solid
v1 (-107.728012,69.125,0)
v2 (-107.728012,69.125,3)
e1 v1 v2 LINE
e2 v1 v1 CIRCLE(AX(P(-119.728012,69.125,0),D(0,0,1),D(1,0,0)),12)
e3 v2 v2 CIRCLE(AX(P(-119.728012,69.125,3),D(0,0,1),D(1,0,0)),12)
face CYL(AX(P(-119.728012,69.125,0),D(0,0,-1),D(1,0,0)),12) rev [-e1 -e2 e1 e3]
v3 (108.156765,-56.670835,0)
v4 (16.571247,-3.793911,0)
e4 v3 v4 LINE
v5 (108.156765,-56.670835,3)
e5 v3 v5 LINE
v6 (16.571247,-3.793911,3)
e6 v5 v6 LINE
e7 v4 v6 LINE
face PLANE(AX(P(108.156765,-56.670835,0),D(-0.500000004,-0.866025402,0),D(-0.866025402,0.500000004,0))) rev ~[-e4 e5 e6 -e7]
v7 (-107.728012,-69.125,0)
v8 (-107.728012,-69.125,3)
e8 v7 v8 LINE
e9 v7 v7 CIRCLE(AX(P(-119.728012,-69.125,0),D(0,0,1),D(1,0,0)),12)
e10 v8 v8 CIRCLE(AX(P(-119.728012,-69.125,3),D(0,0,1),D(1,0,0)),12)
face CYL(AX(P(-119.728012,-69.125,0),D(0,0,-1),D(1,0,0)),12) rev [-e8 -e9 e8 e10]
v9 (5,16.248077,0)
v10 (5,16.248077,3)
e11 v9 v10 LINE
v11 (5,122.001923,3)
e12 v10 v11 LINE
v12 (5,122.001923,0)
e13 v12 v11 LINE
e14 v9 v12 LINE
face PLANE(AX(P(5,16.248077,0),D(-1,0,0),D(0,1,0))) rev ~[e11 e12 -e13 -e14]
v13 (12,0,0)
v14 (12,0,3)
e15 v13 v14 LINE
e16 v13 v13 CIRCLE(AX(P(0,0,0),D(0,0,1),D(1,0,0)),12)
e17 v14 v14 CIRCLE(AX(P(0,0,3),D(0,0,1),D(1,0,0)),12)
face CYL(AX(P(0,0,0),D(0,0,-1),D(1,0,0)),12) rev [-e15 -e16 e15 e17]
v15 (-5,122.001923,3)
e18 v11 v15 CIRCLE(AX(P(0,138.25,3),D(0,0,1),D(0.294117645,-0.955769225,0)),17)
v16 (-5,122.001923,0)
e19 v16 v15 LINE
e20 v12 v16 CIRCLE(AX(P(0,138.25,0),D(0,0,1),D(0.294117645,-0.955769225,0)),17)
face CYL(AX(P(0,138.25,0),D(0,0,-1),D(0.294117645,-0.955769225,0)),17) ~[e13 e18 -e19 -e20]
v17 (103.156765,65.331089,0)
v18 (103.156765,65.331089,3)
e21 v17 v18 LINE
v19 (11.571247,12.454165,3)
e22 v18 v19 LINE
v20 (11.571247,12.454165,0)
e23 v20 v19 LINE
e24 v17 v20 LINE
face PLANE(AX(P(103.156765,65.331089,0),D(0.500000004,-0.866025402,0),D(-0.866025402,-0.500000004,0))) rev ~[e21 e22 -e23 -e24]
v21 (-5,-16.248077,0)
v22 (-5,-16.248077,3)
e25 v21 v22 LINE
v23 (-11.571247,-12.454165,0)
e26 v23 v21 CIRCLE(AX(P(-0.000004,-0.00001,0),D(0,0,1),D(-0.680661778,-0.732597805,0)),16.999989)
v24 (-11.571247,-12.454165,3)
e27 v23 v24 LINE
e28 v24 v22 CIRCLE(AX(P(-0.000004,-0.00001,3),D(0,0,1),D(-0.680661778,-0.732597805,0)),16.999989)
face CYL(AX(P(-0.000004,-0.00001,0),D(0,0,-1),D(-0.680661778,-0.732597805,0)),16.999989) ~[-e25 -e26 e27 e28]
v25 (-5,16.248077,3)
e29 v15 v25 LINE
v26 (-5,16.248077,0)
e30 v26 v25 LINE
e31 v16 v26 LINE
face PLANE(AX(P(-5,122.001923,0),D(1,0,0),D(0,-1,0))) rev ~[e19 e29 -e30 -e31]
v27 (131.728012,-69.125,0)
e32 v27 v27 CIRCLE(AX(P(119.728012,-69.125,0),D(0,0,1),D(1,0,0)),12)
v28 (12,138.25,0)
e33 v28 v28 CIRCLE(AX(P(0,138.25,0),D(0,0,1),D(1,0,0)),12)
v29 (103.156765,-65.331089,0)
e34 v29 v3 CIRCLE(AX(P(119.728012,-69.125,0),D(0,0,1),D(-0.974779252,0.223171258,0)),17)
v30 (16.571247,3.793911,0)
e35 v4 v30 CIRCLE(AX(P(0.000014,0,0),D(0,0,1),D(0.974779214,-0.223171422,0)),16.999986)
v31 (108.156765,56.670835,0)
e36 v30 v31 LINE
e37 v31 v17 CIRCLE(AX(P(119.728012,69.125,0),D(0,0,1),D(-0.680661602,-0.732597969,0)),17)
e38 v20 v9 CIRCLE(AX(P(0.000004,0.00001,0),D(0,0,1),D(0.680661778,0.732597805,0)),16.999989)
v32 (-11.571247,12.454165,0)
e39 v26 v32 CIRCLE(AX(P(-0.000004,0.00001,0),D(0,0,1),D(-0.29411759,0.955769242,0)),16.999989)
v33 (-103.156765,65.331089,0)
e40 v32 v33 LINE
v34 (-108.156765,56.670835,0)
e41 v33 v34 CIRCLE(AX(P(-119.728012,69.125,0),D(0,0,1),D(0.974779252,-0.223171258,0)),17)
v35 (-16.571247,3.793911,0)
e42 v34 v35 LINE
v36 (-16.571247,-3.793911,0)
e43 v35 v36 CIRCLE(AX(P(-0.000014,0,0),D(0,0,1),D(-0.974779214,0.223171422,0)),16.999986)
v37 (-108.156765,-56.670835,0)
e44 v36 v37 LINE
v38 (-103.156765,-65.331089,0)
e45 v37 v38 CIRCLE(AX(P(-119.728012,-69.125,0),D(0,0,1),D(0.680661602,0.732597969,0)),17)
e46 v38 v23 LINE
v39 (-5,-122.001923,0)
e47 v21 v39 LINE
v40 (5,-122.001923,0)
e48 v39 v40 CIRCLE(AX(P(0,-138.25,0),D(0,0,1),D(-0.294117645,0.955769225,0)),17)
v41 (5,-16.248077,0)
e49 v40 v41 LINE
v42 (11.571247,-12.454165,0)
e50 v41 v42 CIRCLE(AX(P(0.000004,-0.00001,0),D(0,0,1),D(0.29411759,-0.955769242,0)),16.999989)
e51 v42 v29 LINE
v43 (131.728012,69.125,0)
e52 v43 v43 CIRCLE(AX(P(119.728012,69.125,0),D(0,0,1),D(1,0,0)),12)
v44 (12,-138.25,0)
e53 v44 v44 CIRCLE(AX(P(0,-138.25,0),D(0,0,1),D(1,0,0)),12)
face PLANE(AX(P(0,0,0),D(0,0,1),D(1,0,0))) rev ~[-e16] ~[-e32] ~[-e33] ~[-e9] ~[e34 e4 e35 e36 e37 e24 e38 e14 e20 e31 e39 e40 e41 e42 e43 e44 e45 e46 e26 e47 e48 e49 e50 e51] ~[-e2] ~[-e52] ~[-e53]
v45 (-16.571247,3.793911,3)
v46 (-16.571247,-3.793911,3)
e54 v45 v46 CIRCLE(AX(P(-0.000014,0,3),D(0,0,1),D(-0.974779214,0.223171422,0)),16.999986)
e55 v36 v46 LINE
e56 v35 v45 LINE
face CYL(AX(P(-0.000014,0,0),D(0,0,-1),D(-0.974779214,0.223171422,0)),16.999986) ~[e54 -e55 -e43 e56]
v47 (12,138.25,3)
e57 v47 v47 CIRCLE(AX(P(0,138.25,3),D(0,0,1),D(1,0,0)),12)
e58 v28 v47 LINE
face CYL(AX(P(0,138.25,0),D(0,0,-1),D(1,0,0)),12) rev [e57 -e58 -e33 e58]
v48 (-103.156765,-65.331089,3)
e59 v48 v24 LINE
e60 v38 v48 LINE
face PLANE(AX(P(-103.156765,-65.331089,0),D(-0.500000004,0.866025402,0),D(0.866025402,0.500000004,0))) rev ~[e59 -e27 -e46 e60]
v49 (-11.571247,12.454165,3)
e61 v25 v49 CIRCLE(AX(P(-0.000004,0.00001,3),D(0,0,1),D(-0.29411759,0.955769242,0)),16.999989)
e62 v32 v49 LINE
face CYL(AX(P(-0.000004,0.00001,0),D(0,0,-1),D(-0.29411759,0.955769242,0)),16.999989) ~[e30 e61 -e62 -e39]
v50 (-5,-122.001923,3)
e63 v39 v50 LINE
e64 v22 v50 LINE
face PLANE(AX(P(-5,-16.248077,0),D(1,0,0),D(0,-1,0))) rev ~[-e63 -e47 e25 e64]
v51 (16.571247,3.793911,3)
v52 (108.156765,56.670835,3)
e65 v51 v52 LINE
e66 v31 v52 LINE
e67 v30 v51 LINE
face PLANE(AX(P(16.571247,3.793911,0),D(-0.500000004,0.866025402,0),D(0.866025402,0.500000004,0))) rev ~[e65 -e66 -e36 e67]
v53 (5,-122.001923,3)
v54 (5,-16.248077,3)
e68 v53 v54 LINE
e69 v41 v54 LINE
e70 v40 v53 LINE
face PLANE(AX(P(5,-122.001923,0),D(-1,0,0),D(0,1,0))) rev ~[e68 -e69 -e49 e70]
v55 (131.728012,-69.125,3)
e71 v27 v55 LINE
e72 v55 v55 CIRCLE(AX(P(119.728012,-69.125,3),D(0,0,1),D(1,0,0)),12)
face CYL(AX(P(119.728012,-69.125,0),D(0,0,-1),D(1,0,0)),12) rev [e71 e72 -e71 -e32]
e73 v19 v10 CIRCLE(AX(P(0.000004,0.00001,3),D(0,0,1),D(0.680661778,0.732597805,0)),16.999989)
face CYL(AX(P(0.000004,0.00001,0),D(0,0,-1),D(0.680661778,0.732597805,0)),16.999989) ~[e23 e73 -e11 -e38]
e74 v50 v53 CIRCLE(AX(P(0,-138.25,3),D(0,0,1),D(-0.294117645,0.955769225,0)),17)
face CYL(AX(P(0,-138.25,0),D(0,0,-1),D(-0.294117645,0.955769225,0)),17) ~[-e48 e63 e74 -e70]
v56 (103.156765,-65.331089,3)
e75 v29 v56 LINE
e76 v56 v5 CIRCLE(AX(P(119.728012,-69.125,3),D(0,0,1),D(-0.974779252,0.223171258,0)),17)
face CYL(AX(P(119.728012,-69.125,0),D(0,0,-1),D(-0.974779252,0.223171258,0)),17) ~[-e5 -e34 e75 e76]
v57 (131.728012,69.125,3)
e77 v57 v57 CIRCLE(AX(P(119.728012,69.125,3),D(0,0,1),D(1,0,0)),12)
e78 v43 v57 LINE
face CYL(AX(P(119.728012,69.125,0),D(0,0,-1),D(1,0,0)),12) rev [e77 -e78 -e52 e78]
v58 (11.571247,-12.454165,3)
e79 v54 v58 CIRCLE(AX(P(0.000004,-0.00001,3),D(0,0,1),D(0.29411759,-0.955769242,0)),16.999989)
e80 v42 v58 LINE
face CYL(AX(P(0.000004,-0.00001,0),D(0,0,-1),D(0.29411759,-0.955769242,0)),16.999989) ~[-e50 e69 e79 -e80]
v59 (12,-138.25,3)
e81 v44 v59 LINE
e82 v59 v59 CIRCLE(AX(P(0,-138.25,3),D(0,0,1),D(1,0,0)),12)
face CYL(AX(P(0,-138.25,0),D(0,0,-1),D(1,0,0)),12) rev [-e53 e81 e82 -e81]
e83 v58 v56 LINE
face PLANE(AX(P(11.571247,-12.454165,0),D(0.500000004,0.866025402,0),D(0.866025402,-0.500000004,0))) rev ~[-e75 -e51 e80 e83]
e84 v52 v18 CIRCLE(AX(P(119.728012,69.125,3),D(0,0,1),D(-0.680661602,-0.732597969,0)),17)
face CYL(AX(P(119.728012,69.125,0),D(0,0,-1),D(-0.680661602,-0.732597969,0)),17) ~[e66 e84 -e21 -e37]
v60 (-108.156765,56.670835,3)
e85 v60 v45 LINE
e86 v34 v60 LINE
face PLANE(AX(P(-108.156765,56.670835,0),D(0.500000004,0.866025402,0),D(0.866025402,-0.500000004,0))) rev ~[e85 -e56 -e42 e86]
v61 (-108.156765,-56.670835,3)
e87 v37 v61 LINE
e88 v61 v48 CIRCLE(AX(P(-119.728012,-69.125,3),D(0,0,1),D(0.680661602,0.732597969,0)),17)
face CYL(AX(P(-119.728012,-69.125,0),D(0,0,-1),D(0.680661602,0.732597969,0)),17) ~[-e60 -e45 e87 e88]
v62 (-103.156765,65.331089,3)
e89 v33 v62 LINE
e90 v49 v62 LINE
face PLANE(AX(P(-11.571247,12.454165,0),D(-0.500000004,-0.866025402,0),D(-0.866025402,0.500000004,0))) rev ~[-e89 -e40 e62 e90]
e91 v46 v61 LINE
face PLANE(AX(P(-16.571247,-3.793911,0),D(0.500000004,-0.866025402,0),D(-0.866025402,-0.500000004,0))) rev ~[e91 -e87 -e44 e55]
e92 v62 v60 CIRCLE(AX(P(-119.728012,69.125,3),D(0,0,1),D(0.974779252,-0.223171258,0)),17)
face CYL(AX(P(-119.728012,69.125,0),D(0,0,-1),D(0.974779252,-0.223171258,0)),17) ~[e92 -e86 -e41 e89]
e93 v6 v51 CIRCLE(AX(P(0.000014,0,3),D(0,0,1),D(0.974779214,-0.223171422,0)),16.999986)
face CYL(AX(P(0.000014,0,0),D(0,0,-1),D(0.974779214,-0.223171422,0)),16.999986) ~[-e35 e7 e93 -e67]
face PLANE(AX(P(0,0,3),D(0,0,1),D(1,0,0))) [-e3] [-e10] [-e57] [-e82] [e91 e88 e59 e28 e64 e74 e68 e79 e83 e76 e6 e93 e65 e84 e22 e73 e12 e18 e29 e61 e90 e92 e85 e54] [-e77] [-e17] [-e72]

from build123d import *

# Parameters (mm, degrees)
F0_R     = 12
F1_DEPTH = 3


with BuildPart() as f1:
    # F0 (on Top) → F1 (new body)
    with BuildSketch(Plane.XY):
        with BuildLine():
            Line((5, 16.248077), (5, 122.001923))
            ThreePointArc((5, 122.001923), (0, 155.25), (-5, 122.001923))
            Line((-5, 122.001923), (-5, 16.248077))
            ThreePointArc((-5, 16.248077), (-8.5, 14.722432), (-11.571247, 12.454165))
            Line((-11.571247, 12.454165), (-103.156765, 65.331089))
            ThreePointArc((-103.156765, 65.331089), (-134.450444, 77.625), (-108.156765, 56.670835))
            Line((-108.156765, 56.670835), (-16.571247, 3.793911))
            ThreePointArc((-16.571247, 3.793911), (-17, 0), (-16.571247, -3.793911))
            Line((-16.571247, -3.793911), (-108.156765, -56.670835))
            ThreePointArc((-108.156765, -56.670835), (-134.450444, -77.625), (-103.156765, -65.331089))
            Line((-103.156765, -65.331089), (-11.571247, -12.454165))
            ThreePointArc((-11.571247, -12.454165), (-8.5, -14.722432), (-5, -16.248077))
            Line((-5, -16.248077), (-5, -122.001923))
            ThreePointArc((-5, -122.001923), (0, -155.25), (5, -122.001923))
            Line((5, -122.001923), (5, -16.248077))
            ThreePointArc((5, -16.248077), (8.5, -14.722432), (11.571247, -12.454165))
            Line((11.571247, -12.454165), (103.156765, -65.331089))
            ThreePointArc((103.156765, -65.331089), (134.450444, -77.625), (108.156765, -56.670835))
            Line((108.156765, -56.670835), (16.571247, -3.793911))
            ThreePointArc((16.571247, -3.793911), (17, 0), (16.571247, 3.793911))
            Line((16.571247, 3.793911), (108.156765, 56.670835))
            ThreePointArc((108.156765, 56.670835), (134.450444, 77.625), (103.156765, 65.331089))
            Line((103.156765, 65.331089), (11.571247, 12.454165))
            ThreePointArc((11.571247, 12.454165), (8.5, 14.722432), (5, 16.248077))
        make_face()
        with Locations((-119.728012, -69.125)):
            Circle(F0_R, mode=Mode.SUBTRACT)
        with Locations((0, -138.25)):
            Circle(F0_R, mode=Mode.SUBTRACT)
        with Locations((119.728012, -69.125)):
            Circle(F0_R, mode=Mode.SUBTRACT)
        with Locations((-119.728012, 69.125)):
            Circle(F0_R, mode=Mode.SUBTRACT)
        Circle(F0_R, mode=Mode.SUBTRACT)
        with Locations((119.728012, 69.125)):
            Circle(F0_R, mode=Mode.SUBTRACT)
        with Locations((0, 138.25)):
            Circle(F0_R, mode=Mode.SUBTRACT)
    extrude(amount=F1_DEPTH)


solid = f1.part
